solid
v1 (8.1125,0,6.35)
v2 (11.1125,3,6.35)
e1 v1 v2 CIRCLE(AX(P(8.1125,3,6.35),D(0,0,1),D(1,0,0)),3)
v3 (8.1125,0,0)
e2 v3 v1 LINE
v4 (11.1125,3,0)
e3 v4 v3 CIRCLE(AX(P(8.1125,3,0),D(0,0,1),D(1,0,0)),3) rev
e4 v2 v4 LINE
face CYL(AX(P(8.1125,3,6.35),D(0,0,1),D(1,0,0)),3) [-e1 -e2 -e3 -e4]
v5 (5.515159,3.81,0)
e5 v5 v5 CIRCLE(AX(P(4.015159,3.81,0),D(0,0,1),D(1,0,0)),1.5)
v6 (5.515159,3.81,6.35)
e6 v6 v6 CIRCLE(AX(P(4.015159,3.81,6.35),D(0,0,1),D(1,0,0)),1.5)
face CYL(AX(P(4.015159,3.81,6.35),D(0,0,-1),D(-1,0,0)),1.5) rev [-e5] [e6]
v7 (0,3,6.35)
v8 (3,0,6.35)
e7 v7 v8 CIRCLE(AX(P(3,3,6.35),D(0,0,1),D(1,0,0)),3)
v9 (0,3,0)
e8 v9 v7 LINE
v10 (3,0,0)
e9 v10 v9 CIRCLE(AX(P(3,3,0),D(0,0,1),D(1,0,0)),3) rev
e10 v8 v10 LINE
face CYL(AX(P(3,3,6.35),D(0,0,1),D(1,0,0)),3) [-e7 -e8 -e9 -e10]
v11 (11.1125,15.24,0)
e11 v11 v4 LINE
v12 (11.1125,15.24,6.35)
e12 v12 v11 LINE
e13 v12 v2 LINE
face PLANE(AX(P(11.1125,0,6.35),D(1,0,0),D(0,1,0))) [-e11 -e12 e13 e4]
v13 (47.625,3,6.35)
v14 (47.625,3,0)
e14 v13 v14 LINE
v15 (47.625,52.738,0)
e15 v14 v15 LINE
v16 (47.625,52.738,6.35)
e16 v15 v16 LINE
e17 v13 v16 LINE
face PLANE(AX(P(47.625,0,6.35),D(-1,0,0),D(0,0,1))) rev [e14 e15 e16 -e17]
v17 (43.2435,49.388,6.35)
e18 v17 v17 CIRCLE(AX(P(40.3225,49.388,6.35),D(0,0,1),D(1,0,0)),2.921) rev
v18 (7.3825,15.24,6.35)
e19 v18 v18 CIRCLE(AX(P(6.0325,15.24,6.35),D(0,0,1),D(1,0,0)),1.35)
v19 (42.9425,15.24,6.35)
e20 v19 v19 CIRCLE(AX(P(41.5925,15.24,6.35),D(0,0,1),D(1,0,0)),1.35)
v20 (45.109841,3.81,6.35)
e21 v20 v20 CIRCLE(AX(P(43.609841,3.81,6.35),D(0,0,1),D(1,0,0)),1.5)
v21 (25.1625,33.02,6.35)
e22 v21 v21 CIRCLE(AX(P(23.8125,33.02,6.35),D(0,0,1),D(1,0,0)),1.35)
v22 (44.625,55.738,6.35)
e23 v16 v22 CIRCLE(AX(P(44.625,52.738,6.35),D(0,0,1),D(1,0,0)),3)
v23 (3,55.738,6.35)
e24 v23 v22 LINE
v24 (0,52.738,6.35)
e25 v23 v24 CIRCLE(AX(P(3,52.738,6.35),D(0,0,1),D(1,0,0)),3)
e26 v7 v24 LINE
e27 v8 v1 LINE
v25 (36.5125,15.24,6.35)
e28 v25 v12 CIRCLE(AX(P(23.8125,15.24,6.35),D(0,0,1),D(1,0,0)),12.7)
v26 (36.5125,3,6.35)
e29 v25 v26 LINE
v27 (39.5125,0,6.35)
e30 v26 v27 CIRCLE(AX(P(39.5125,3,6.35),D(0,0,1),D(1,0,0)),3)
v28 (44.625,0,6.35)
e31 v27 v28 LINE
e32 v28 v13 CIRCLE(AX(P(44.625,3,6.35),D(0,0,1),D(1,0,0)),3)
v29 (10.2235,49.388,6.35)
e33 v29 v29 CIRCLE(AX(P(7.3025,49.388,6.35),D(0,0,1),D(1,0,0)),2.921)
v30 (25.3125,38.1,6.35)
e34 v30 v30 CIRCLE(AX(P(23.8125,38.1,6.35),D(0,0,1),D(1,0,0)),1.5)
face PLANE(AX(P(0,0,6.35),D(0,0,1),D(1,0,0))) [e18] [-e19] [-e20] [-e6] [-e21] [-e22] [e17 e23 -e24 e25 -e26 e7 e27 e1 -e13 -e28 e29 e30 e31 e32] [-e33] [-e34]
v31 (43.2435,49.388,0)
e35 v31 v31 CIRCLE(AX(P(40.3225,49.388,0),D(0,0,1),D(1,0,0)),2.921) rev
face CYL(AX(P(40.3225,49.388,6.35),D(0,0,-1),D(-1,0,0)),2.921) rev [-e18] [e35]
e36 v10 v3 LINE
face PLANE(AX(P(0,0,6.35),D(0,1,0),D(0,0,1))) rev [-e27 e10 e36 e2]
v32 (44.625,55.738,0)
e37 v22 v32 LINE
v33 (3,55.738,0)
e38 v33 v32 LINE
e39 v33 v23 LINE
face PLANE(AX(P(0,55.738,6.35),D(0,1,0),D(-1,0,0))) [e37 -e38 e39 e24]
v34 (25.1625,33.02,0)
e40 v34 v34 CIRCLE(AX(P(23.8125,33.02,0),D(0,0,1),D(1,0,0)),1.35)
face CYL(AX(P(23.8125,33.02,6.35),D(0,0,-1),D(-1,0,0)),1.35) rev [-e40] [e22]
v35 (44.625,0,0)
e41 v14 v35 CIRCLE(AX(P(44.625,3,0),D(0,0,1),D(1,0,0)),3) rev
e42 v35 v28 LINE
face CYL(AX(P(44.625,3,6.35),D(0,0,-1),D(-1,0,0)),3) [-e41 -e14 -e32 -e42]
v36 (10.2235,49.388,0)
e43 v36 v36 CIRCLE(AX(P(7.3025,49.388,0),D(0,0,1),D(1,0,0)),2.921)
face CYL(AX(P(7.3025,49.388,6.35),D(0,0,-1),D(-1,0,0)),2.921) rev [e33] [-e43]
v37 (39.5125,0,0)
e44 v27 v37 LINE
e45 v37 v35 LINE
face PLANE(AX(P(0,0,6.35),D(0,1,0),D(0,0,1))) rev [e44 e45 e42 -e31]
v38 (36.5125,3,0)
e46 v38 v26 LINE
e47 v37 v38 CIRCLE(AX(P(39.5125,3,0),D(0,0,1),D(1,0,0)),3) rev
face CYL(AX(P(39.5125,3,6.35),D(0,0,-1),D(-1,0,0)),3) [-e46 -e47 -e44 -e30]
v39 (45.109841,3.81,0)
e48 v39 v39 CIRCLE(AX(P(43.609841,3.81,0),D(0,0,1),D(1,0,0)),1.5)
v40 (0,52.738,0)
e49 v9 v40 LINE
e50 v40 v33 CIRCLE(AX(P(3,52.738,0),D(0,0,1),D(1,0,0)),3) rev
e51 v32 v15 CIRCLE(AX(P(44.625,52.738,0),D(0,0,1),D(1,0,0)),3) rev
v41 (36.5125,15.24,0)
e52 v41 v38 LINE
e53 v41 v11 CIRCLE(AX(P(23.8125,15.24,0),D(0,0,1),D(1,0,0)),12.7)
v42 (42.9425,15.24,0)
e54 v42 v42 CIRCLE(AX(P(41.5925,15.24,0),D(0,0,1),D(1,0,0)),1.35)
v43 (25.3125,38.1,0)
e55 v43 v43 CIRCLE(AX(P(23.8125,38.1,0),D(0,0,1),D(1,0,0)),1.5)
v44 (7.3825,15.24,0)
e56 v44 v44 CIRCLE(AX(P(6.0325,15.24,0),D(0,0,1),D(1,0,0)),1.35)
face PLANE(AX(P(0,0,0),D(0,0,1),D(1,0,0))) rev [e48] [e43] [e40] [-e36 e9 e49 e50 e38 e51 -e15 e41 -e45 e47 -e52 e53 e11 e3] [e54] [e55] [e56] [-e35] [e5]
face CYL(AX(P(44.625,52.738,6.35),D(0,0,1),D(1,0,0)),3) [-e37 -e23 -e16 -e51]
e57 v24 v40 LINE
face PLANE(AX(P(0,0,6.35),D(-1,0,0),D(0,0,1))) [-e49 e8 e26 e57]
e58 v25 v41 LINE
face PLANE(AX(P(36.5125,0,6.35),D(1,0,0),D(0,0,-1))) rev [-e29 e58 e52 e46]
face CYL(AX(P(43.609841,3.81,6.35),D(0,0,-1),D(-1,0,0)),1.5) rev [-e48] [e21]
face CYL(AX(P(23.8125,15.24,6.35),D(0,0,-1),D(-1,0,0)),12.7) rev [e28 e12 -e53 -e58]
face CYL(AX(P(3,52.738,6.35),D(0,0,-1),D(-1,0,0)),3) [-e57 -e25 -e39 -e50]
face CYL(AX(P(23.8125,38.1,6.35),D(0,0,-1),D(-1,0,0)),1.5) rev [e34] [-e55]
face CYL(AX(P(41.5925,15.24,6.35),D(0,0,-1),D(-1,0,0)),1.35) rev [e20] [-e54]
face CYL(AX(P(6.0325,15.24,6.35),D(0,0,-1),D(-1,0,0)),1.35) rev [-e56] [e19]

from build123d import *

# Parameters (mm, degrees)
SKETCH1_R           = 2.921
SKETCH1_R_2         = 1.35
SKETCH1_R_3         = 1.5
BOSS_EXTRUDE1_DEPTH = 6.35
FILLET1_R           = 3


with BuildPart() as part:
    # Sketch1 → Boss-Extrude1 (new body)
    with BuildSketch(Plane.XY):
        with BuildLine():
            Line((0, 0), (11.1125, 0))
            Line((11.1125, 0), (11.1125, 15.24))
            ThreePointArc((11.1125, 15.24), (23.8125, 27.94), (36.5125, 15.24))
            Line((36.5125, 15.24), (36.5125, 0))
            Line((36.5125, 0), (47.625, 0))
            Line((47.625, 0), (47.625, 55.738))
            Line((47.625, 55.738), (0, 55.738))
            Line((0, 55.738), (0, 0))
        make_face()
        with Locations((7.3025, 49.388)):
            Circle(SKETCH1_R, mode=Mode.SUBTRACT)
        with Locations((40.3225, 49.388)):
            Circle(SKETCH1_R, mode=Mode.SUBTRACT)
        with Locations((6.0325, 15.24)):
            Circle(SKETCH1_R_2, mode=Mode.SUBTRACT)
        with Locations((23.8125, 33.02)):
            Circle(SKETCH1_R_2, mode=Mode.SUBTRACT)
        with Locations((41.5925, 15.24)):
            Circle(SKETCH1_R_2, mode=Mode.SUBTRACT)
        with Locations((23.8125, 38.1)):
            Circle(SKETCH1_R_3, mode=Mode.SUBTRACT)
        with Locations((43.609840731, 3.81)):
            Circle(SKETCH1_R_3, mode=Mode.SUBTRACT)
        with Locations((4.015159269, 3.81)):
            Circle(SKETCH1_R_3, mode=Mode.SUBTRACT)
    extrude(amount=BOSS_EXTRUDE1_DEPTH)

    # Fillet1
    fillet1_edges = [part.edges().sort_by_distance(p)[0] for p in [
        (11.1125, 0, 3.175),
        (0, 0, 3.175),
        (0, 55.738, 3.175),
        (47.625, 55.738, 3.175),
        (47.625, 0, 3.175),
        (36.5125, 0, 3.175),
    ]]
    fillet(fillet1_edges, radius=FILLET1_R)


solid = part.part
